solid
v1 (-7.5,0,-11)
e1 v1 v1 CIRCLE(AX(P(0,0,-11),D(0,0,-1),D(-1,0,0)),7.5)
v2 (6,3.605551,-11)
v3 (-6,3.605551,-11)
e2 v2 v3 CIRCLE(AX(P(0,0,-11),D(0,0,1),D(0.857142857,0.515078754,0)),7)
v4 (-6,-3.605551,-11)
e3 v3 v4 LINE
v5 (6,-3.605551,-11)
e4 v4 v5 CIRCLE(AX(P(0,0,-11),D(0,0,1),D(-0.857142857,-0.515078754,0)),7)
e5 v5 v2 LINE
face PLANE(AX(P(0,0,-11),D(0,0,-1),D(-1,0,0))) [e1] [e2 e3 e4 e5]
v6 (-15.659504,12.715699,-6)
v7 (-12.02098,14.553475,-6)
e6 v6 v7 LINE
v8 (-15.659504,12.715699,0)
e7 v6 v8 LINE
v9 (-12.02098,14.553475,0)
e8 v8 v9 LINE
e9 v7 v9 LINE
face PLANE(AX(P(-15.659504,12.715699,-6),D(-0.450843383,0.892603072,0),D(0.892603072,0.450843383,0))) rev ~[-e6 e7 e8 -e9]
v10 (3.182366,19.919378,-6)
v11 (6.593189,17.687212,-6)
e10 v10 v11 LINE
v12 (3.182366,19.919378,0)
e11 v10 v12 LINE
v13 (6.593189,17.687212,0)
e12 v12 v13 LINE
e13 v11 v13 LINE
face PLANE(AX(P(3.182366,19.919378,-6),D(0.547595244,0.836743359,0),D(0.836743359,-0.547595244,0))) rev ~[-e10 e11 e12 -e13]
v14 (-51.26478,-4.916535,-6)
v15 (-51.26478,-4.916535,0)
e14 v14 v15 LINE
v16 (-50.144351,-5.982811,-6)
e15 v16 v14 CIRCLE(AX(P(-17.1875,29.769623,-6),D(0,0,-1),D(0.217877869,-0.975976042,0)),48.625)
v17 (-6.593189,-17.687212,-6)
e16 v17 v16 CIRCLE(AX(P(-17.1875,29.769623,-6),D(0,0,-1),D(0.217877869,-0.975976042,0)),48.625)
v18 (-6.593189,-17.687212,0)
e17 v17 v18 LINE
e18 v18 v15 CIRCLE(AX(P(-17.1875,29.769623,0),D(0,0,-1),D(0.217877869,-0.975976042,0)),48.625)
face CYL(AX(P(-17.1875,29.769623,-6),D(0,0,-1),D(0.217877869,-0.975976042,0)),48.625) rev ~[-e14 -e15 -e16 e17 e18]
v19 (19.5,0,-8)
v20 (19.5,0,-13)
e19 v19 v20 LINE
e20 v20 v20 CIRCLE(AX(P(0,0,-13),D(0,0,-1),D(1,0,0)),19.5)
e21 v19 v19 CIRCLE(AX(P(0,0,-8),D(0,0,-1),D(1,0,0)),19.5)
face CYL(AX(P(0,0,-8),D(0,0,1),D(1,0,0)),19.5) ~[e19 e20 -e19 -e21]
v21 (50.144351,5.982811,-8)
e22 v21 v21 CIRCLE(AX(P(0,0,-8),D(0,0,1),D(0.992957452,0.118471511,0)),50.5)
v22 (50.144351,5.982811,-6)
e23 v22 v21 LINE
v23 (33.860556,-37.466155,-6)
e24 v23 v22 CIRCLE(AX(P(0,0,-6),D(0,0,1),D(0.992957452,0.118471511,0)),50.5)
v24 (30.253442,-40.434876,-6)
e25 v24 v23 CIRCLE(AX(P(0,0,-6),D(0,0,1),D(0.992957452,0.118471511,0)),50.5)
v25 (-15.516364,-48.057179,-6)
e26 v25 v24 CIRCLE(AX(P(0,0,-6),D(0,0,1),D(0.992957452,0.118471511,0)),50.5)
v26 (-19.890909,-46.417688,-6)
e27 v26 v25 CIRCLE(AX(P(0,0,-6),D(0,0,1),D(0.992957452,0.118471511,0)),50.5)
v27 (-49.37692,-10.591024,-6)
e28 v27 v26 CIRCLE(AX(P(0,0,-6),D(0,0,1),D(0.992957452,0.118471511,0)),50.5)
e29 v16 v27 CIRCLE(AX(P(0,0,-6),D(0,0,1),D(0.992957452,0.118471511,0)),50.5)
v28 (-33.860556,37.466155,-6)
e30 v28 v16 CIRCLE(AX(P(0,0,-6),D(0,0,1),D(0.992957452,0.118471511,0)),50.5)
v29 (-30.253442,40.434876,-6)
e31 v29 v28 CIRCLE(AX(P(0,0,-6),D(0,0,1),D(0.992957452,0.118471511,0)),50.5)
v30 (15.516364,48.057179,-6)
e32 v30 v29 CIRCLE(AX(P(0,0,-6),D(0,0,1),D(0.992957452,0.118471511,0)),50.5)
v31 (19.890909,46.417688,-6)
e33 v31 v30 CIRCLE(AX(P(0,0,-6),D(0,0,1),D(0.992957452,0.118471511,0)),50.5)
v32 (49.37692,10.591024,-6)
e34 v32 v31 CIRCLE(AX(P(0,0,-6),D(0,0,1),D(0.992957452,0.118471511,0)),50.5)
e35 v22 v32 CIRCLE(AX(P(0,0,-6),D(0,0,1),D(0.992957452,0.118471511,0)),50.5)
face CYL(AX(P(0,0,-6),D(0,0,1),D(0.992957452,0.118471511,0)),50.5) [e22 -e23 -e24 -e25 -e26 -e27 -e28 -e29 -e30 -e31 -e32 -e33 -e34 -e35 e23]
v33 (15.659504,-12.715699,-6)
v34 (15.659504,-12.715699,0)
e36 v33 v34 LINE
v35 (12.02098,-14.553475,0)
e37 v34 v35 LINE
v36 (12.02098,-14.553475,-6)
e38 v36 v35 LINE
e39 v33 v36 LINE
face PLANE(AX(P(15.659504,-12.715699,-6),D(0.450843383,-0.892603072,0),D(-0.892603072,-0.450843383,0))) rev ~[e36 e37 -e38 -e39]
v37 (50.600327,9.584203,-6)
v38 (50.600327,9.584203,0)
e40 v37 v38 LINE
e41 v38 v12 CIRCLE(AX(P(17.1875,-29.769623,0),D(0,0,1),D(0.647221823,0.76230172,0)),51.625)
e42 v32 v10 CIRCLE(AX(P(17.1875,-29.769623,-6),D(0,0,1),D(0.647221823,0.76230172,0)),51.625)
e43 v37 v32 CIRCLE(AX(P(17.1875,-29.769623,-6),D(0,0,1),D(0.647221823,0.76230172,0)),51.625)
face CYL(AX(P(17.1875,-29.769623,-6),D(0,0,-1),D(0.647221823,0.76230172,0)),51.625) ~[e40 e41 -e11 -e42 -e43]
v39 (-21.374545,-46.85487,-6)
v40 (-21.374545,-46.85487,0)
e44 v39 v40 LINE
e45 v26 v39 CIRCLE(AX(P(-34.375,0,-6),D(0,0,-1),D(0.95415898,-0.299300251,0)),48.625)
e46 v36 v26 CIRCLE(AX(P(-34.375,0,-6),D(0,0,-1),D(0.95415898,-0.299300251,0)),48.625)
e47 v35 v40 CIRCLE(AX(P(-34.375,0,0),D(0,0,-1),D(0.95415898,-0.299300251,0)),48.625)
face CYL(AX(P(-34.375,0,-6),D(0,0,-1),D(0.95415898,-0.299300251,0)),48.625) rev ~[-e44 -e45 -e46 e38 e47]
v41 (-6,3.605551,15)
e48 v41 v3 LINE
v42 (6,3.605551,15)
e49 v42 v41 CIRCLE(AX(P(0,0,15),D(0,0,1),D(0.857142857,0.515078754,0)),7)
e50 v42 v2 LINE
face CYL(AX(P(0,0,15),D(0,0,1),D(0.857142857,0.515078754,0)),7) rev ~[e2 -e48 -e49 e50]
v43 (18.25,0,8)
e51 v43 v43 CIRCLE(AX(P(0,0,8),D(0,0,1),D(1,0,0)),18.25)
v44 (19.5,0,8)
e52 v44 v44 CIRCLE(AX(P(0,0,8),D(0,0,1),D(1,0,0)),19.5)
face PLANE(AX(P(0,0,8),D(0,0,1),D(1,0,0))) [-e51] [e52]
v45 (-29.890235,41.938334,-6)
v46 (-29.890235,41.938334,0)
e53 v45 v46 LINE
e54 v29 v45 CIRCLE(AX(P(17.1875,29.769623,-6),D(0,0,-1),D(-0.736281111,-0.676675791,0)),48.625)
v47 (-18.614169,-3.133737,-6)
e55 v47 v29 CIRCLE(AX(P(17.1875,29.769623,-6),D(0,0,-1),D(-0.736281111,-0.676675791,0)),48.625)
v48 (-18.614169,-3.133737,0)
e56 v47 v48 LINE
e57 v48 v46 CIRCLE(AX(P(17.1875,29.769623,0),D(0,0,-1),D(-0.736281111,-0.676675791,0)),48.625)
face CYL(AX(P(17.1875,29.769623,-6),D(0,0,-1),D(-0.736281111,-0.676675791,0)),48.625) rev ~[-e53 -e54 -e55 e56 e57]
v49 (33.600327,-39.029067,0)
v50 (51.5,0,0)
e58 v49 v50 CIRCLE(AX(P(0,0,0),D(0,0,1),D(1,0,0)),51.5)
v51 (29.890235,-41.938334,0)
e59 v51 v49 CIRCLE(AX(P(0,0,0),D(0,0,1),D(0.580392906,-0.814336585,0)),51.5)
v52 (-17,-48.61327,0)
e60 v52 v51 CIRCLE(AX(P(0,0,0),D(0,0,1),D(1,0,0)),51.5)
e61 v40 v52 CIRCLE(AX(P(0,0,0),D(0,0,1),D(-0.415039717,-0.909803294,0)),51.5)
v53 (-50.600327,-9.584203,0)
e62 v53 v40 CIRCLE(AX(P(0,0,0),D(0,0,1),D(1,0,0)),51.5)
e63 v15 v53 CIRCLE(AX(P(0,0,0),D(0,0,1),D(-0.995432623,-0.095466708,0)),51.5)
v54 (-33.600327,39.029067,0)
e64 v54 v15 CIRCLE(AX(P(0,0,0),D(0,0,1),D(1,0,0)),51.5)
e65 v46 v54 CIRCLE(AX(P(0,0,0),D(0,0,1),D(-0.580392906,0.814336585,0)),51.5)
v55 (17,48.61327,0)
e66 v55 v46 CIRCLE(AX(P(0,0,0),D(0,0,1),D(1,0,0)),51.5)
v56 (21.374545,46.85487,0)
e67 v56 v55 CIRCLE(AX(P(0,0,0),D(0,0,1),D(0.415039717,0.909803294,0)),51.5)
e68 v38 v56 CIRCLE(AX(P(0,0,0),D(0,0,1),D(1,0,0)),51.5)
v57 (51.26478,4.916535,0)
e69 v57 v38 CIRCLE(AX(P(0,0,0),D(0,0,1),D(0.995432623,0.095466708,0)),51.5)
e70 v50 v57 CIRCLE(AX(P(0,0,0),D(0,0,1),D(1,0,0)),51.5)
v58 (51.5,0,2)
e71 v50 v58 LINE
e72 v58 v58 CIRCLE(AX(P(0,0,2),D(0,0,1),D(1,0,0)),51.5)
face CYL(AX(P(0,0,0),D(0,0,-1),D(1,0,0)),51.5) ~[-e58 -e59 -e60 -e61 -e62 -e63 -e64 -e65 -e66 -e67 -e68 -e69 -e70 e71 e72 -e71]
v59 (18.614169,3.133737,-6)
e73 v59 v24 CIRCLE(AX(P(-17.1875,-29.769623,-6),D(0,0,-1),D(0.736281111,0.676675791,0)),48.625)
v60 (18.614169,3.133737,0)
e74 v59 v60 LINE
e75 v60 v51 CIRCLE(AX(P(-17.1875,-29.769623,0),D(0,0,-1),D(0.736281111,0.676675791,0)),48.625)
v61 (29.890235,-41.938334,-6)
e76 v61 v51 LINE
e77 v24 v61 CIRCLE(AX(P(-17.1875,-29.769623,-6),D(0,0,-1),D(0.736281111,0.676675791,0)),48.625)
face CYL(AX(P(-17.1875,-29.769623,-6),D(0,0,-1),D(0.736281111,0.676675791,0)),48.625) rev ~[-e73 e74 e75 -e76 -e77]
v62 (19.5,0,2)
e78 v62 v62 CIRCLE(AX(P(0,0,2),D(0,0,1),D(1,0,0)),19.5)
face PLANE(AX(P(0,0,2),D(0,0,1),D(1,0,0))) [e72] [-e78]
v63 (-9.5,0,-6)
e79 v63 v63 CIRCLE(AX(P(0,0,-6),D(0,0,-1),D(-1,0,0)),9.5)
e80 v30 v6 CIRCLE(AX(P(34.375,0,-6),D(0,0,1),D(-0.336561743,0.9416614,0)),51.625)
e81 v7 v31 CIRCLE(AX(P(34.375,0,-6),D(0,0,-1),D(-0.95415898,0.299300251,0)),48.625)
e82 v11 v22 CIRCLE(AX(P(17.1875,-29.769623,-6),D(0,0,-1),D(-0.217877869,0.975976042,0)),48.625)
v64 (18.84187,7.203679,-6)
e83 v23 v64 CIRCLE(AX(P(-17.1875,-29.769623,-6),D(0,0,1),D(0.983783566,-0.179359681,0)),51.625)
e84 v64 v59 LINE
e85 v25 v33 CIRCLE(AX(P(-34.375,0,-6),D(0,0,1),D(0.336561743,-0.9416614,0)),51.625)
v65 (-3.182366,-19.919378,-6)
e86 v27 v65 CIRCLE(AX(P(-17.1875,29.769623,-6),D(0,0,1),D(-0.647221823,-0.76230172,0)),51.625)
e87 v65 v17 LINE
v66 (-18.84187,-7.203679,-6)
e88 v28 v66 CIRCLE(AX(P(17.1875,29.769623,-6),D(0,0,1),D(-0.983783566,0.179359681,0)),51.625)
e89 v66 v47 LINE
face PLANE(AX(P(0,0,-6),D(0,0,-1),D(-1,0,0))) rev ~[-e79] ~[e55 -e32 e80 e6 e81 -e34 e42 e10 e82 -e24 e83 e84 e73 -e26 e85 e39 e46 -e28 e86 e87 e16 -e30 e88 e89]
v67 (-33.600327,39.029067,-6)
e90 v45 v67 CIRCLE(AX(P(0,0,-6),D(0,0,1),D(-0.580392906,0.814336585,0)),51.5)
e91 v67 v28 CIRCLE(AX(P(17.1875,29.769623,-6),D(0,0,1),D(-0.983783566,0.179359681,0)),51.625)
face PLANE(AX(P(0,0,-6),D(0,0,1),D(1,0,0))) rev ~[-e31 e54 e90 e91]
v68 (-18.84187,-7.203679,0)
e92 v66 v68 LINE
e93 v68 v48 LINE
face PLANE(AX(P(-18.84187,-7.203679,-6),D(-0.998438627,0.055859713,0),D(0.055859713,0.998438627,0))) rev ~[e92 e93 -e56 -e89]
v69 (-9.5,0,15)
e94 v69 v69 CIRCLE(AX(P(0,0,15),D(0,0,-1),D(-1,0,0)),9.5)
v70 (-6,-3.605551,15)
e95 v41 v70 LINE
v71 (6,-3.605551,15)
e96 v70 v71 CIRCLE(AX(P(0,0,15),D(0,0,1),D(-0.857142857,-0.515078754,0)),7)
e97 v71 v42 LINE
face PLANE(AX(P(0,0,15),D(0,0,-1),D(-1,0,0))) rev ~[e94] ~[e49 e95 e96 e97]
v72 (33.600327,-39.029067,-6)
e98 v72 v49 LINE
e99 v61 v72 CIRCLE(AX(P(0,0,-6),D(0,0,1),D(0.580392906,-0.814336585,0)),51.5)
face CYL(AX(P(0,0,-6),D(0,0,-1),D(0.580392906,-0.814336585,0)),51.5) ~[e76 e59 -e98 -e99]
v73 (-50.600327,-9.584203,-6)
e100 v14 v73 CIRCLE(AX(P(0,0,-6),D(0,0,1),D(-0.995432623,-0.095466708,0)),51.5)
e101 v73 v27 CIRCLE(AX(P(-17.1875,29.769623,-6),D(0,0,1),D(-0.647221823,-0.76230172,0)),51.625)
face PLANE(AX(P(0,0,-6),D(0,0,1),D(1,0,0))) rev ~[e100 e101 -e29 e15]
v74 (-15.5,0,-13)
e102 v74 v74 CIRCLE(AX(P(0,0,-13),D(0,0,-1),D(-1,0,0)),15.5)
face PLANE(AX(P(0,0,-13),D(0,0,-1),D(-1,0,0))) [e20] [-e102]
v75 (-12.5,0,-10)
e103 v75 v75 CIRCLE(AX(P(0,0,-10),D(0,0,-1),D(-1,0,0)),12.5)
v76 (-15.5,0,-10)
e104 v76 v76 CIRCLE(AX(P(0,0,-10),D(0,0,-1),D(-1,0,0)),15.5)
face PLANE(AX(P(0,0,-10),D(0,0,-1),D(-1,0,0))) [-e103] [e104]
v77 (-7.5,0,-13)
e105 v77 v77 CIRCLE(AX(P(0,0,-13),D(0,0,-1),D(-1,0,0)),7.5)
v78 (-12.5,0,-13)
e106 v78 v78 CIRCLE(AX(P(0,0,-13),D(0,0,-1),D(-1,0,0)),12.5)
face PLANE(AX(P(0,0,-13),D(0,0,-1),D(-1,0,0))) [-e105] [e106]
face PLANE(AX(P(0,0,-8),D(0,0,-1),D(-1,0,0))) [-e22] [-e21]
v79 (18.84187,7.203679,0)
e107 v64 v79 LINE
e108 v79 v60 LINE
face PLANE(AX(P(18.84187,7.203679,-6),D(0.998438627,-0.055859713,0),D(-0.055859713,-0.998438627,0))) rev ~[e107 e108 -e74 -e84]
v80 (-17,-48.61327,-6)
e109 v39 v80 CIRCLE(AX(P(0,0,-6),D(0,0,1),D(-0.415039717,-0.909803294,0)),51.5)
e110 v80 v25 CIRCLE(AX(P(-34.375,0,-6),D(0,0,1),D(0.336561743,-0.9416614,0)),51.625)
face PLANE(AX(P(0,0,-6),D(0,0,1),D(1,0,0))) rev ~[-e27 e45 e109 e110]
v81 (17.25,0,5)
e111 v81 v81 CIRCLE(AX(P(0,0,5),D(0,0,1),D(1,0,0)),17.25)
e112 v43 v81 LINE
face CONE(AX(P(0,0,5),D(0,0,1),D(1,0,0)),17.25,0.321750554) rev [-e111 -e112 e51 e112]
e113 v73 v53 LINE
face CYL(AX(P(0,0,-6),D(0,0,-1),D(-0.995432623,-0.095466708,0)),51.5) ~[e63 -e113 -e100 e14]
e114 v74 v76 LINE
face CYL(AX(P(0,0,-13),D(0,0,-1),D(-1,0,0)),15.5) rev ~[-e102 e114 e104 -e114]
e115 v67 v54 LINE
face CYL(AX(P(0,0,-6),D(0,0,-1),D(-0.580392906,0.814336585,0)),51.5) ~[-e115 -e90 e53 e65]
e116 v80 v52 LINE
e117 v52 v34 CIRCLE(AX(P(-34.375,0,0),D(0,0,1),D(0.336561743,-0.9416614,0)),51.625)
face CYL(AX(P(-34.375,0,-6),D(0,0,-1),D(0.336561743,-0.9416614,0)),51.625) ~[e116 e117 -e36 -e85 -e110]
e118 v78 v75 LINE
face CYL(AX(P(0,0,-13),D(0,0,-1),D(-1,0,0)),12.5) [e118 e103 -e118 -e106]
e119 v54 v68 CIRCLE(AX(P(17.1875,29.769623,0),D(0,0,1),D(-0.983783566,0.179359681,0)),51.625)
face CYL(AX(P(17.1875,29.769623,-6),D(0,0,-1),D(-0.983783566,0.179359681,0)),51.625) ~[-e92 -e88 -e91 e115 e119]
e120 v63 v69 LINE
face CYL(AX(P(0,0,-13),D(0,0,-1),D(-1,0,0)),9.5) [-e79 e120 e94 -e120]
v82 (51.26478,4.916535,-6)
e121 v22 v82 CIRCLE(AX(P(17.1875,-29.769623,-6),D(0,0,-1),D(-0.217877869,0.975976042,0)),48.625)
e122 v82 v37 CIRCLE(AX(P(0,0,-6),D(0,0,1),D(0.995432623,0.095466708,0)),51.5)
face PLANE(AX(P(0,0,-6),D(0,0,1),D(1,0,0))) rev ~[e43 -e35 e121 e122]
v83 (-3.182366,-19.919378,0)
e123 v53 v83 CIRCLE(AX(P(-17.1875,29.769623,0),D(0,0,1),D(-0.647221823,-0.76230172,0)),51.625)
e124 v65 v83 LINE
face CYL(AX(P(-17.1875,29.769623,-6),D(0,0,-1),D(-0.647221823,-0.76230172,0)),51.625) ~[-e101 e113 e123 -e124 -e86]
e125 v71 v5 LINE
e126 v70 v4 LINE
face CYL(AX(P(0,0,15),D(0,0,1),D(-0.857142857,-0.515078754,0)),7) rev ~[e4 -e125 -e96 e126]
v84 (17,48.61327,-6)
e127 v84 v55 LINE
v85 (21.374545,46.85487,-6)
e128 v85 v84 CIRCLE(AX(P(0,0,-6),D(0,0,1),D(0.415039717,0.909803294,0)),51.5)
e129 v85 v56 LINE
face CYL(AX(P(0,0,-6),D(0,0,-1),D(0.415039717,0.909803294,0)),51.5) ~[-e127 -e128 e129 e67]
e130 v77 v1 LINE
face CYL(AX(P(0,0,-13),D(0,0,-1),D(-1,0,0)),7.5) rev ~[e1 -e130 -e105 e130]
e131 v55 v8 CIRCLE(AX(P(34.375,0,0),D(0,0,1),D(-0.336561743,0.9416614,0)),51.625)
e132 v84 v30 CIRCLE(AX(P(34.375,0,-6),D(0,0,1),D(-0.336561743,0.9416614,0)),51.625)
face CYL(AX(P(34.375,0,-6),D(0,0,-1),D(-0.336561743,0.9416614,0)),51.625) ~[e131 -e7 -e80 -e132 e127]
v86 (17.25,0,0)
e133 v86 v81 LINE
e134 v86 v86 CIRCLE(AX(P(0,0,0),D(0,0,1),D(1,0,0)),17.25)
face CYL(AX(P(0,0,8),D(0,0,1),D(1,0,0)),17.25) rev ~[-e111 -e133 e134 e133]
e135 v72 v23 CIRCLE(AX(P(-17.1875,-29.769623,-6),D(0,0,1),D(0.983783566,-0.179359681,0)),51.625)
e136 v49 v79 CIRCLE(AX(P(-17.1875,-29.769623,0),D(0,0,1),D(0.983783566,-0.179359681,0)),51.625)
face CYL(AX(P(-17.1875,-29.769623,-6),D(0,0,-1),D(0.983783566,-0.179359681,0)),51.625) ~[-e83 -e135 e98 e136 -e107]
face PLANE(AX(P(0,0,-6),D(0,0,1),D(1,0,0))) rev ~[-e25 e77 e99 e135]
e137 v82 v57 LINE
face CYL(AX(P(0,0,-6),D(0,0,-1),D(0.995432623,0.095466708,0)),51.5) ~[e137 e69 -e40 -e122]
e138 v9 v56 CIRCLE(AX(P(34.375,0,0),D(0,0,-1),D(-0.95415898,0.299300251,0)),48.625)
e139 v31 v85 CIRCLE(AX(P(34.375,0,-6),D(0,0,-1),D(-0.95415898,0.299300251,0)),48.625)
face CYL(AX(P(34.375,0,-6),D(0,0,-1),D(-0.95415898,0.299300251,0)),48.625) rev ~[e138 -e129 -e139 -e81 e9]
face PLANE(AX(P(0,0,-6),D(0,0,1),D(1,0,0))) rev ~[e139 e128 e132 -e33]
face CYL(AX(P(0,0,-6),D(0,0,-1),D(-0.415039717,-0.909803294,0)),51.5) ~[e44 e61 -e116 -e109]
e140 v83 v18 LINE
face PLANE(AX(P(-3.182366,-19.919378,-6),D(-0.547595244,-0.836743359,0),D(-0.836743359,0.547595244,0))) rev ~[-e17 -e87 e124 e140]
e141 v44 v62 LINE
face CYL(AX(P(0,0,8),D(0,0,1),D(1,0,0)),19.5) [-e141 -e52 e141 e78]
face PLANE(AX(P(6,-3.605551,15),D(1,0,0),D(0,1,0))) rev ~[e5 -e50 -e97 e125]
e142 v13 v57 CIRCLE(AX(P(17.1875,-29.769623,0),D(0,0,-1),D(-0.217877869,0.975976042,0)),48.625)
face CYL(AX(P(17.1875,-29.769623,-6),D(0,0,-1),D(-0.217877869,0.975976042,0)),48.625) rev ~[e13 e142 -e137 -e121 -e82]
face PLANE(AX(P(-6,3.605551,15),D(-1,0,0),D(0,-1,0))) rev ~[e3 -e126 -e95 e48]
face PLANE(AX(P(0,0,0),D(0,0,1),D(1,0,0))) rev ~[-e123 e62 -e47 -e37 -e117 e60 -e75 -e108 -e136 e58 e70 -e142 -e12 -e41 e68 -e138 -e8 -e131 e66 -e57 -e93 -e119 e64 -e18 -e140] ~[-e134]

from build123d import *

# Parameters (mm, degrees)
SKETCH1_R           = 51.5
BOSS_EXTRUDE1_DEPTH = 2
SKETCH2_R           = 17.25
CUT_EXTRUDE1_DEPTH  = 2
BOSS_EXTRUDE3_START = 6
BOSS_EXTRUDE3_DEPTH = 6
CIRPATTERN2_COUNT   = 6
BOSS_EXTRUDE4_START = 6
SKETCH5_R           = 19.5
SKETCH5_R_2         = 17.25
BOSS_EXTRUDE4_DEPTH = 6
CHAMFER1_SIZE       = 1
CHAMFER1_SIZE2      = 3
BOSS_EXTRUDE5_START = 2
SKETCH6_R           = 51.5
BOSS_EXTRUDE5_DEPTH = 2
SKETCH7_R           = 19.5
BOSS_EXTRUDE6_DEPTH = 5
SKETCH8_R           = 9.5
BOSS_EXTRUDE7_DEPTH = 28
CUT_EXTRUDE2_DEPTH  = 79.028840822
SKETCH10_R          = 7.5
CUT_EXTRUDE3_DEPTH  = 2
SKETCH11_R          = 15.5
SKETCH11_R_2        = 12.5
CUT_EXTRUDE4_DEPTH  = 3
SKETCH12_R          = 57.826662367
SKETCH12_R_2        = 50.5
CUT_EXTRUDE5_DEPTH  = 50


with BuildPart() as part:
    # Sketch1 → Boss-Extrude1 (new body)
    with BuildSketch(Plane.XY):
        Circle(SKETCH1_R)
    extrude(amount=BOSS_EXTRUDE1_DEPTH)

    # Sketch2 → Cut-Extrude1 (cut)
    with BuildSketch(Plane.XY.offset(2)):
        Circle(SKETCH2_R)
    extrude(amount=-CUT_EXTRUDE1_DEPTH, mode=Mode.SUBTRACT)

    # Sketch4 → Boss-Extrude3 (add)
    with BuildSketch(Plane(origin=(0, 0, 0), x_dir=(-1, 0, 0), z_dir=(0, 0, -1)).offset(BOSS_EXTRUDE3_START)):
        with BuildLine():
            Line((15.659504395, 12.715698759), (12.020980416, 14.553474713))
            ThreePointArc((12.020980416, 14.553474713), (-0.569243838, 34.9508437), (-21.374545455, 46.854869615))
            ThreePointArc((-21.374545455, 46.854869615), (-19.207405538, 47.784156082), (-17, 48.613269793))
            ThreePointArc((-17, 48.613269793), (3.810982012, 34.741493963), (15.659504395, 12.715698759))
        make_face()
    boss_extrude3 = extrude(amount=-BOSS_EXTRUDE3_DEPTH)

    # CirPattern2: Boss-Extrude3 ×6 about axis
    cirpattern2_axis = Axis((0, 0, 0), (0, 0, 1))
    for i in range(1, CIRPATTERN2_COUNT):
        add(boss_extrude3.rotate(cirpattern2_axis, i * 360 / CIRPATTERN2_COUNT))

    # Sketch5 → Boss-Extrude4 (add)
    with BuildSketch(Plane.XY.offset(2).offset(BOSS_EXTRUDE4_START)):
        Circle(SKETCH5_R)
        Circle(SKETCH5_R_2, mode=Mode.SUBTRACT)
    extrude(amount=-BOSS_EXTRUDE4_DEPTH)

    # Chamfer1
    chamfer1_edges = [part.edges().sort_by_distance(p)[0] for p in [
        (-17.25, 0, 8),
    ]]
    chamfer1_side = [part.faces().sort_by_distance(p)[0] for p in [
        (-18.948456711, 0, 8),
    ]]
    chamfer(chamfer1_edges, length=CHAMFER1_SIZE, length2=CHAMFER1_SIZE2, reference=chamfer1_side[0])

    # Sketch6 → Boss-Extrude5 (add)
    with BuildSketch(Plane(origin=(0, 0, -6), x_dir=(-1, 0, 0), z_dir=(0, 0, -1)).offset(BOSS_EXTRUDE5_START)):
        Circle(SKETCH6_R)
    extrude(amount=-BOSS_EXTRUDE5_DEPTH)

    # Sketch7 → Boss-Extrude6 (add)
    with BuildSketch(Plane(origin=(0, 0, -8), x_dir=(-1, 0, 0), z_dir=(0, 0, -1))):
        with Locations(Location((0, 0, 0), (0, 0, 180))):
            Circle(SKETCH7_R)
    extrude(amount=BOSS_EXTRUDE6_DEPTH)

    # Sketch8 → Boss-Extrude7 (add)
    with BuildSketch(Plane(origin=(0, 0, -13), x_dir=(-1, 0, 0), z_dir=(0, 0, -1))):
        Circle(SKETCH8_R)
    extrude(amount=-BOSS_EXTRUDE7_DEPTH)

    # Sketch9 → Cut-Extrude2 (cut, through all)
    with BuildSketch(Plane.XY.offset(15)):
        with BuildLine():
            Line((6, 0), (6, 3.605551275))
            ThreePointArc((6, 3.605551275), (0, 7), (-6, 3.605551275))
            Line((-6, 3.605551275), (-6, 0))
            Line((-6, 0), (-6, -3.605551275))
            ThreePointArc((-6, -3.605551275), (0, -7), (6, -3.605551275))
            Line((6, -3.605551275), (6, 0))
        make_face()
    extrude(amount=-CUT_EXTRUDE2_DEPTH, mode=Mode.SUBTRACT)

    # Sketch10 → Cut-Extrude3 (cut)
    with BuildSketch(Plane(origin=(0, 0, -13), x_dir=(-1, 0, 0), z_dir=(0, 0, -1))):
        Circle(SKETCH10_R)
    extrude(amount=-CUT_EXTRUDE3_DEPTH, mode=Mode.SUBTRACT)

    # Sketch11 → Cut-Extrude4 (cut)
    with BuildSketch(Plane(origin=(0, 0, -13), x_dir=(-1, 0, 0), z_dir=(0, 0, -1))):
        Circle(SKETCH11_R)
        Circle(SKETCH11_R_2, mode=Mode.SUBTRACT)
    extrude(amount=-CUT_EXTRUDE4_DEPTH, mode=Mode.SUBTRACT)

    # Sketch12 → Cut-Extrude5 (cut)
    with BuildSketch(Plane.XY.offset(-6)):
        Circle(SKETCH12_R)
        with Locations(Location((0, 0, 0), (0, 0, 6.803897331))):
            Circle(SKETCH12_R_2, mode=Mode.SUBTRACT)
    extrude(amount=-CUT_EXTRUDE5_DEPTH, mode=Mode.SUBTRACT)


solid = part.part
